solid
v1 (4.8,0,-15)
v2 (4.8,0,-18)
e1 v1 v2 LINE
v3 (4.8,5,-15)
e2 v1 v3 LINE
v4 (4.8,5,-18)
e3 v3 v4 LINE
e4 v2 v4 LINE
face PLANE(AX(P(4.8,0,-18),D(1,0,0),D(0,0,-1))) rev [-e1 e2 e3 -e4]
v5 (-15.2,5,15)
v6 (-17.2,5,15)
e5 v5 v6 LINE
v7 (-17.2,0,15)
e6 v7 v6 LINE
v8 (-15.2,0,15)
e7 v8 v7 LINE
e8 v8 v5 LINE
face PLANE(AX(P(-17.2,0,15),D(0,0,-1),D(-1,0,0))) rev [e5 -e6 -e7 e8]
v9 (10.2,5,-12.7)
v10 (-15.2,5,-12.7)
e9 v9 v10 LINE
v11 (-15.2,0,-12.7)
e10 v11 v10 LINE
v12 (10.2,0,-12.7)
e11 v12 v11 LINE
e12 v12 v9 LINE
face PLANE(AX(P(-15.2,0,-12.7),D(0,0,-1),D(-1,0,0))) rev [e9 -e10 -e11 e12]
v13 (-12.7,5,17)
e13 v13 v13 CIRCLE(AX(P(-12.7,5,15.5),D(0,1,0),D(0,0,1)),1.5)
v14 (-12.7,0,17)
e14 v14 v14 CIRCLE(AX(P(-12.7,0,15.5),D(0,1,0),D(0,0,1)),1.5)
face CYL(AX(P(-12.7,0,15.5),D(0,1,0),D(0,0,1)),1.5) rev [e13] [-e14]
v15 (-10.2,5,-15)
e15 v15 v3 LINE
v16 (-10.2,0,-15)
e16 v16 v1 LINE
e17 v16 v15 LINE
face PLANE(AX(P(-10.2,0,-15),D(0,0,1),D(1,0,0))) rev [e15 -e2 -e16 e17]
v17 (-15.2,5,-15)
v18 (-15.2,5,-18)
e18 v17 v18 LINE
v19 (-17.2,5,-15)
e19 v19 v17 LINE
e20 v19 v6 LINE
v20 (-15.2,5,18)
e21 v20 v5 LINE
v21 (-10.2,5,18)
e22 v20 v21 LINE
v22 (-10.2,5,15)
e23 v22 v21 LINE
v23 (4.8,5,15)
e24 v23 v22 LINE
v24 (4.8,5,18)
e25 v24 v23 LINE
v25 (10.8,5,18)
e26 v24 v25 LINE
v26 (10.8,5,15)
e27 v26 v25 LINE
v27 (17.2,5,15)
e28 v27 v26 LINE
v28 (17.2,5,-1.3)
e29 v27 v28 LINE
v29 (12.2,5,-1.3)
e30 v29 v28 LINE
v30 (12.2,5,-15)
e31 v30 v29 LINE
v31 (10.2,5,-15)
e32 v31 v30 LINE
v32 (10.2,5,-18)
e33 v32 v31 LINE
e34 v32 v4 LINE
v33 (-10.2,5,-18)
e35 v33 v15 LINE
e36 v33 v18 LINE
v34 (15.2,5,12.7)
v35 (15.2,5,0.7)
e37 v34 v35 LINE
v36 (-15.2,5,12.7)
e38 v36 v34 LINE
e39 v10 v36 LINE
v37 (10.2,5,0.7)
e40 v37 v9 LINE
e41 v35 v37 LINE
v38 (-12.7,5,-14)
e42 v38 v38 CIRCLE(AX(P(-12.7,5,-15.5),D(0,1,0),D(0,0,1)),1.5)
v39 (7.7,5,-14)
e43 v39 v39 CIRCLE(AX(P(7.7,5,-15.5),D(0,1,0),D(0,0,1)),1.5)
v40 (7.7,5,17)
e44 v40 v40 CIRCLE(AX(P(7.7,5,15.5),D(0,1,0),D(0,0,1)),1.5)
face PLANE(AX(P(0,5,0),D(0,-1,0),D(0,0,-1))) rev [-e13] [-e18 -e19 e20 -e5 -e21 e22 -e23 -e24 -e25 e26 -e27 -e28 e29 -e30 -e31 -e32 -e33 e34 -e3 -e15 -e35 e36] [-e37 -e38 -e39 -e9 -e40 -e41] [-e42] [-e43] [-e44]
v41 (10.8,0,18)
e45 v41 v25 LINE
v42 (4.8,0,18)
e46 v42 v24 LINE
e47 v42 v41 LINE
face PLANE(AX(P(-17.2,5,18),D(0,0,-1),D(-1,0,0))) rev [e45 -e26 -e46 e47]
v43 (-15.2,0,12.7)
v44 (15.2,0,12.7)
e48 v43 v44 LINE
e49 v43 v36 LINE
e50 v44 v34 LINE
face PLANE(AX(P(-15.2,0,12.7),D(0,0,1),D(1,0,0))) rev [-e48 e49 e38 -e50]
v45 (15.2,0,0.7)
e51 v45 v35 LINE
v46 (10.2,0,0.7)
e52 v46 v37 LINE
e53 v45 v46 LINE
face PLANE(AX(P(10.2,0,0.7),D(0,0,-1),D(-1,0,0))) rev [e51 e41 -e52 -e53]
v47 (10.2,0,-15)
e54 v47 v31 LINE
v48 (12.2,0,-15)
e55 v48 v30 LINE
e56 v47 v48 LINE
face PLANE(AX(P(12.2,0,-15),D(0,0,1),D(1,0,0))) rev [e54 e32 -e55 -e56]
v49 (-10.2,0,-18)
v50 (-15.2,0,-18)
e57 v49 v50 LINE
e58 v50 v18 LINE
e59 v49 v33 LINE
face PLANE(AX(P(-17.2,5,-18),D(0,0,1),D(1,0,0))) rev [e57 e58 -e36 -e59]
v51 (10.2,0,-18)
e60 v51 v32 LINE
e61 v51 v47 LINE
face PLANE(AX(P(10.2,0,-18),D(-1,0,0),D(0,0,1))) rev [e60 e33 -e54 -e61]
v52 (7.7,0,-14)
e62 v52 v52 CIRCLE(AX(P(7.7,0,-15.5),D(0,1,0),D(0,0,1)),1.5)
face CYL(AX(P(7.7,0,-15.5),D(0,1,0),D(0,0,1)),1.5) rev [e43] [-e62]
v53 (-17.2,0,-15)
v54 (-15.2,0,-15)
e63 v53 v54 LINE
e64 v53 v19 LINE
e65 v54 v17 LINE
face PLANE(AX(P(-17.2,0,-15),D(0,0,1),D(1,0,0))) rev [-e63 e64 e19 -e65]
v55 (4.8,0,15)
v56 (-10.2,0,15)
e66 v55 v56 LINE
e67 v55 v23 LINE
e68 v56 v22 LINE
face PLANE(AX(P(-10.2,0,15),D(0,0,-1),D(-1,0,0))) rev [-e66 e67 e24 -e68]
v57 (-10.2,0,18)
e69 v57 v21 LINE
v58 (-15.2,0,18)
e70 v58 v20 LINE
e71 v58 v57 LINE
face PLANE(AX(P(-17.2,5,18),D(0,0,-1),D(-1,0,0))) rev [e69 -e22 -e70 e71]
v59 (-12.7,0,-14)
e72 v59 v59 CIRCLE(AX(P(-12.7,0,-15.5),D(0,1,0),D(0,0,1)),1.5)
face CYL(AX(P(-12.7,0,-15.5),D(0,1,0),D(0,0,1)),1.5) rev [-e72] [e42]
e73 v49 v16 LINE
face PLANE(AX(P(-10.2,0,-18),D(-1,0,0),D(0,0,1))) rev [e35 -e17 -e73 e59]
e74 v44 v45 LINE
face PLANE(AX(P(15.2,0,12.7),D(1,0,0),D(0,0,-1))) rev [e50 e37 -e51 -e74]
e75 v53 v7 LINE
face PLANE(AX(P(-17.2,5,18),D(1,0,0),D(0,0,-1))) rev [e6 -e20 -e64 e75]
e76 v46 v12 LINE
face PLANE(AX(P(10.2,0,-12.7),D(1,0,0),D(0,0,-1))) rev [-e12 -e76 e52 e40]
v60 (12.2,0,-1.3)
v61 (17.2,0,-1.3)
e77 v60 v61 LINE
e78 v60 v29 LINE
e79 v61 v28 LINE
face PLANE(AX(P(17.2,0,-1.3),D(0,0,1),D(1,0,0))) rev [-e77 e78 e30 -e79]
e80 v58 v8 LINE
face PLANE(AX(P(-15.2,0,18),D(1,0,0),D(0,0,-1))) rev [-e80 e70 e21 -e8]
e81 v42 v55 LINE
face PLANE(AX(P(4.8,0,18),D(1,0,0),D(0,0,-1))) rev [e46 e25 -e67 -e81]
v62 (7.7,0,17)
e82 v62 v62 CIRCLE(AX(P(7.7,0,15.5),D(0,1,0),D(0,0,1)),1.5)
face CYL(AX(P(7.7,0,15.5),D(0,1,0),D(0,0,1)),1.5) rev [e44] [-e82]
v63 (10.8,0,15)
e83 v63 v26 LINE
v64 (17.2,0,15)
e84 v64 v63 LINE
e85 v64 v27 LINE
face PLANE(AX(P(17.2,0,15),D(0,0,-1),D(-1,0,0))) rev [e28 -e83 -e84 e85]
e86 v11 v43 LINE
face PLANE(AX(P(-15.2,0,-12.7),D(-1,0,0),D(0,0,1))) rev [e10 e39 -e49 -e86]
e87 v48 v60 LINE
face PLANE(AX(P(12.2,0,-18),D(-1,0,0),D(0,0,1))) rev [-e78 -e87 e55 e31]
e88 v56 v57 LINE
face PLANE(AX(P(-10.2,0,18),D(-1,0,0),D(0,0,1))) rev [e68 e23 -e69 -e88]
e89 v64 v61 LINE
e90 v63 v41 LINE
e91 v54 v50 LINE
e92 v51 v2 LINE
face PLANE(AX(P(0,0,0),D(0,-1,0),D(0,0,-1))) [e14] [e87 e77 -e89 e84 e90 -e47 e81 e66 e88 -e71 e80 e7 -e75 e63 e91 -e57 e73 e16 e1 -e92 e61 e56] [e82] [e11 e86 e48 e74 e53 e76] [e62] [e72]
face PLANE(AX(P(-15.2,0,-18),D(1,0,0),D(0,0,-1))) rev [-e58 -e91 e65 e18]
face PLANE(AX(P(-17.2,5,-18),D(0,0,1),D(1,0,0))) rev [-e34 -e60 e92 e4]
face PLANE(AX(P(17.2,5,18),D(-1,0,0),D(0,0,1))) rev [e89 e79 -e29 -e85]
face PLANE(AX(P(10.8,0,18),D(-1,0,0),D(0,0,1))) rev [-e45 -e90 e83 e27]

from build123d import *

# Parameters (mm, degrees)
SKETCH1_W           = 34.4
SKETCH1_H           = 36
BOSS_EXTRUDE1_DEPTH = 5
SKETCH4_R           = 1.5
CUT_EXTRUDE2_DEPTH  = 5
SKETCH4_3_R         = 1.5
SKETCH4_3_W         = 25.4
SKETCH4_3_H         = 25.4
CUT_EXTRUDE3_DEPTH  = 26.393700006
SKETCH7_W           = 5
SKETCH7_H           = 12
CUT_EXTRUDE4_DEPTH  = 5
SKETCH8_W           = 15
SKETCH8_H           = 3
CUT_EXTRUDE5_DEPTH  = 26.393700006
SKETCH9_W           = 6.4
SKETCH9_H           = 3
CUT_EXTRUDE6_DEPTH  = 26.393700006
SKETCH10_W          = 2
SKETCH10_H          = 3
CUT_EXTRUDE7_DEPTH  = 26.393700006
SKETCH11_W          = 2
SKETCH11_H          = 3
SKETCH11_W_2        = 15
CUT_EXTRUDE8_DEPTH  = 26.393700006
SKETCH12_W          = 5
SKETCH12_H          = 16.7
CUT_EXTRUDE9_DEPTH  = 26.393700006
SKETCH13_W          = 2
SKETCH13_H          = 3
CUT_EXTRUDE10_DEPTH = 26.393700006


with BuildPart() as part:
    # Sketch1 → Boss-Extrude1 (new body)
    with BuildSketch(Plane(origin=(0, 0, 0), x_dir=(1, 0, 0), z_dir=(0, 1, 0))):
        Rectangle(SKETCH1_W, SKETCH1_H)
    extrude(amount=BOSS_EXTRUDE1_DEPTH)

    # Sketch4 → Cut-Extrude2 (cut)
    with BuildSketch(Plane(origin=(0, 5, 0), x_dir=(1, 0, 0), z_dir=(0, 1, 0))):
        with Locations((-12.7, 15.5)):
            Circle(SKETCH4_R)
    extrude(amount=-CUT_EXTRUDE2_DEPTH, mode=Mode.SUBTRACT)

    # Sketch4<3> → Cut-Extrude3 (cut, through all)
    with BuildSketch(Plane(origin=(0, 5, 0), x_dir=(1, 0, 0), z_dir=(0, 1, 0))):
        with Locations((-12.7, 15.5)):
            Circle(SKETCH4_3_R)
        with Locations((7.7, 15.5)):
            Circle(SKETCH4_3_R)
        with Locations((7.7, -15.5)):
            Circle(SKETCH4_3_R)
        with Locations((-12.7, -15.5)):
            Circle(SKETCH4_3_R)
        with Locations((-2.5, 0)):
            Rectangle(SKETCH4_3_W, SKETCH4_3_H)
    extrude(amount=-CUT_EXTRUDE3_DEPTH, mode=Mode.SUBTRACT)

    # Sketch7 → Cut-Extrude4 (cut)
    with BuildSketch(Plane(origin=(0, 5, 0), x_dir=(1, 0, 0), z_dir=(0, 1, 0))):
        with Locations((12.7, -6.7)):
            Rectangle(SKETCH7_W, SKETCH7_H)
    extrude(amount=-CUT_EXTRUDE4_DEPTH, mode=Mode.SUBTRACT)

    # Sketch8 → Cut-Extrude5 (cut, through all)
    with BuildSketch(Plane(origin=(0, 5, 0), x_dir=(1, 0, 0), z_dir=(0, 1, 0))):
        with Locations((-2.7, -16.5)):
            Rectangle(SKETCH8_W, SKETCH8_H)
    extrude(amount=-CUT_EXTRUDE5_DEPTH, mode=Mode.SUBTRACT)

    # Sketch9 → Cut-Extrude6 (cut, through all)
    with BuildSketch(Plane(origin=(0, 5, 0), x_dir=(1, 0, 0), z_dir=(0, 1, 0))):
        with Locations((14, -16.5)):
            Rectangle(SKETCH9_W, SKETCH9_H)
    extrude(amount=-CUT_EXTRUDE6_DEPTH, mode=Mode.SUBTRACT)

    # Sketch10 → Cut-Extrude7 (cut, through all)
    with BuildSketch(Plane(origin=(0, 5, 0), x_dir=(1, 0, 0), z_dir=(0, 1, 0))):
        with Locations((-16.2, -16.5)):
            Rectangle(SKETCH10_W, SKETCH10_H)
    extrude(amount=-CUT_EXTRUDE7_DEPTH, mode=Mode.SUBTRACT)

    # Sketch11 → Cut-Extrude8 (cut, through all)
    with BuildSketch(Plane(origin=(0, 5, 0), x_dir=(1, 0, 0), z_dir=(0, 1, 0))):
        with Locations((-16.2, 16.5)):
            Rectangle(SKETCH11_W, SKETCH11_H)
        with Locations((-2.7, 16.5)):
            Rectangle(SKETCH11_W_2, SKETCH11_H)
    extrude(amount=-CUT_EXTRUDE8_DEPTH, mode=Mode.SUBTRACT)

    # Sketch12 → Cut-Extrude9 (cut, through all)
    with BuildSketch(Plane(origin=(0, 5, 0), x_dir=(1, 0, 0), z_dir=(0, 1, 0))):
        with Locations((14.7, 9.65)):
            Rectangle(SKETCH12_W, SKETCH12_H)
    extrude(amount=-CUT_EXTRUDE9_DEPTH, mode=Mode.SUBTRACT)

    # Sketch13 → Cut-Extrude10 (cut, through all)
    with BuildSketch(Plane(origin=(0, 5, 0), x_dir=(1, 0, 0), z_dir=(0, 1, 0))):
        with Locations((11.2, 16.5)):
            Rectangle(SKETCH13_W, SKETCH13_H)
    extrude(amount=-CUT_EXTRUDE10_DEPTH, mode=Mode.SUBTRACT)


solid = part.part
